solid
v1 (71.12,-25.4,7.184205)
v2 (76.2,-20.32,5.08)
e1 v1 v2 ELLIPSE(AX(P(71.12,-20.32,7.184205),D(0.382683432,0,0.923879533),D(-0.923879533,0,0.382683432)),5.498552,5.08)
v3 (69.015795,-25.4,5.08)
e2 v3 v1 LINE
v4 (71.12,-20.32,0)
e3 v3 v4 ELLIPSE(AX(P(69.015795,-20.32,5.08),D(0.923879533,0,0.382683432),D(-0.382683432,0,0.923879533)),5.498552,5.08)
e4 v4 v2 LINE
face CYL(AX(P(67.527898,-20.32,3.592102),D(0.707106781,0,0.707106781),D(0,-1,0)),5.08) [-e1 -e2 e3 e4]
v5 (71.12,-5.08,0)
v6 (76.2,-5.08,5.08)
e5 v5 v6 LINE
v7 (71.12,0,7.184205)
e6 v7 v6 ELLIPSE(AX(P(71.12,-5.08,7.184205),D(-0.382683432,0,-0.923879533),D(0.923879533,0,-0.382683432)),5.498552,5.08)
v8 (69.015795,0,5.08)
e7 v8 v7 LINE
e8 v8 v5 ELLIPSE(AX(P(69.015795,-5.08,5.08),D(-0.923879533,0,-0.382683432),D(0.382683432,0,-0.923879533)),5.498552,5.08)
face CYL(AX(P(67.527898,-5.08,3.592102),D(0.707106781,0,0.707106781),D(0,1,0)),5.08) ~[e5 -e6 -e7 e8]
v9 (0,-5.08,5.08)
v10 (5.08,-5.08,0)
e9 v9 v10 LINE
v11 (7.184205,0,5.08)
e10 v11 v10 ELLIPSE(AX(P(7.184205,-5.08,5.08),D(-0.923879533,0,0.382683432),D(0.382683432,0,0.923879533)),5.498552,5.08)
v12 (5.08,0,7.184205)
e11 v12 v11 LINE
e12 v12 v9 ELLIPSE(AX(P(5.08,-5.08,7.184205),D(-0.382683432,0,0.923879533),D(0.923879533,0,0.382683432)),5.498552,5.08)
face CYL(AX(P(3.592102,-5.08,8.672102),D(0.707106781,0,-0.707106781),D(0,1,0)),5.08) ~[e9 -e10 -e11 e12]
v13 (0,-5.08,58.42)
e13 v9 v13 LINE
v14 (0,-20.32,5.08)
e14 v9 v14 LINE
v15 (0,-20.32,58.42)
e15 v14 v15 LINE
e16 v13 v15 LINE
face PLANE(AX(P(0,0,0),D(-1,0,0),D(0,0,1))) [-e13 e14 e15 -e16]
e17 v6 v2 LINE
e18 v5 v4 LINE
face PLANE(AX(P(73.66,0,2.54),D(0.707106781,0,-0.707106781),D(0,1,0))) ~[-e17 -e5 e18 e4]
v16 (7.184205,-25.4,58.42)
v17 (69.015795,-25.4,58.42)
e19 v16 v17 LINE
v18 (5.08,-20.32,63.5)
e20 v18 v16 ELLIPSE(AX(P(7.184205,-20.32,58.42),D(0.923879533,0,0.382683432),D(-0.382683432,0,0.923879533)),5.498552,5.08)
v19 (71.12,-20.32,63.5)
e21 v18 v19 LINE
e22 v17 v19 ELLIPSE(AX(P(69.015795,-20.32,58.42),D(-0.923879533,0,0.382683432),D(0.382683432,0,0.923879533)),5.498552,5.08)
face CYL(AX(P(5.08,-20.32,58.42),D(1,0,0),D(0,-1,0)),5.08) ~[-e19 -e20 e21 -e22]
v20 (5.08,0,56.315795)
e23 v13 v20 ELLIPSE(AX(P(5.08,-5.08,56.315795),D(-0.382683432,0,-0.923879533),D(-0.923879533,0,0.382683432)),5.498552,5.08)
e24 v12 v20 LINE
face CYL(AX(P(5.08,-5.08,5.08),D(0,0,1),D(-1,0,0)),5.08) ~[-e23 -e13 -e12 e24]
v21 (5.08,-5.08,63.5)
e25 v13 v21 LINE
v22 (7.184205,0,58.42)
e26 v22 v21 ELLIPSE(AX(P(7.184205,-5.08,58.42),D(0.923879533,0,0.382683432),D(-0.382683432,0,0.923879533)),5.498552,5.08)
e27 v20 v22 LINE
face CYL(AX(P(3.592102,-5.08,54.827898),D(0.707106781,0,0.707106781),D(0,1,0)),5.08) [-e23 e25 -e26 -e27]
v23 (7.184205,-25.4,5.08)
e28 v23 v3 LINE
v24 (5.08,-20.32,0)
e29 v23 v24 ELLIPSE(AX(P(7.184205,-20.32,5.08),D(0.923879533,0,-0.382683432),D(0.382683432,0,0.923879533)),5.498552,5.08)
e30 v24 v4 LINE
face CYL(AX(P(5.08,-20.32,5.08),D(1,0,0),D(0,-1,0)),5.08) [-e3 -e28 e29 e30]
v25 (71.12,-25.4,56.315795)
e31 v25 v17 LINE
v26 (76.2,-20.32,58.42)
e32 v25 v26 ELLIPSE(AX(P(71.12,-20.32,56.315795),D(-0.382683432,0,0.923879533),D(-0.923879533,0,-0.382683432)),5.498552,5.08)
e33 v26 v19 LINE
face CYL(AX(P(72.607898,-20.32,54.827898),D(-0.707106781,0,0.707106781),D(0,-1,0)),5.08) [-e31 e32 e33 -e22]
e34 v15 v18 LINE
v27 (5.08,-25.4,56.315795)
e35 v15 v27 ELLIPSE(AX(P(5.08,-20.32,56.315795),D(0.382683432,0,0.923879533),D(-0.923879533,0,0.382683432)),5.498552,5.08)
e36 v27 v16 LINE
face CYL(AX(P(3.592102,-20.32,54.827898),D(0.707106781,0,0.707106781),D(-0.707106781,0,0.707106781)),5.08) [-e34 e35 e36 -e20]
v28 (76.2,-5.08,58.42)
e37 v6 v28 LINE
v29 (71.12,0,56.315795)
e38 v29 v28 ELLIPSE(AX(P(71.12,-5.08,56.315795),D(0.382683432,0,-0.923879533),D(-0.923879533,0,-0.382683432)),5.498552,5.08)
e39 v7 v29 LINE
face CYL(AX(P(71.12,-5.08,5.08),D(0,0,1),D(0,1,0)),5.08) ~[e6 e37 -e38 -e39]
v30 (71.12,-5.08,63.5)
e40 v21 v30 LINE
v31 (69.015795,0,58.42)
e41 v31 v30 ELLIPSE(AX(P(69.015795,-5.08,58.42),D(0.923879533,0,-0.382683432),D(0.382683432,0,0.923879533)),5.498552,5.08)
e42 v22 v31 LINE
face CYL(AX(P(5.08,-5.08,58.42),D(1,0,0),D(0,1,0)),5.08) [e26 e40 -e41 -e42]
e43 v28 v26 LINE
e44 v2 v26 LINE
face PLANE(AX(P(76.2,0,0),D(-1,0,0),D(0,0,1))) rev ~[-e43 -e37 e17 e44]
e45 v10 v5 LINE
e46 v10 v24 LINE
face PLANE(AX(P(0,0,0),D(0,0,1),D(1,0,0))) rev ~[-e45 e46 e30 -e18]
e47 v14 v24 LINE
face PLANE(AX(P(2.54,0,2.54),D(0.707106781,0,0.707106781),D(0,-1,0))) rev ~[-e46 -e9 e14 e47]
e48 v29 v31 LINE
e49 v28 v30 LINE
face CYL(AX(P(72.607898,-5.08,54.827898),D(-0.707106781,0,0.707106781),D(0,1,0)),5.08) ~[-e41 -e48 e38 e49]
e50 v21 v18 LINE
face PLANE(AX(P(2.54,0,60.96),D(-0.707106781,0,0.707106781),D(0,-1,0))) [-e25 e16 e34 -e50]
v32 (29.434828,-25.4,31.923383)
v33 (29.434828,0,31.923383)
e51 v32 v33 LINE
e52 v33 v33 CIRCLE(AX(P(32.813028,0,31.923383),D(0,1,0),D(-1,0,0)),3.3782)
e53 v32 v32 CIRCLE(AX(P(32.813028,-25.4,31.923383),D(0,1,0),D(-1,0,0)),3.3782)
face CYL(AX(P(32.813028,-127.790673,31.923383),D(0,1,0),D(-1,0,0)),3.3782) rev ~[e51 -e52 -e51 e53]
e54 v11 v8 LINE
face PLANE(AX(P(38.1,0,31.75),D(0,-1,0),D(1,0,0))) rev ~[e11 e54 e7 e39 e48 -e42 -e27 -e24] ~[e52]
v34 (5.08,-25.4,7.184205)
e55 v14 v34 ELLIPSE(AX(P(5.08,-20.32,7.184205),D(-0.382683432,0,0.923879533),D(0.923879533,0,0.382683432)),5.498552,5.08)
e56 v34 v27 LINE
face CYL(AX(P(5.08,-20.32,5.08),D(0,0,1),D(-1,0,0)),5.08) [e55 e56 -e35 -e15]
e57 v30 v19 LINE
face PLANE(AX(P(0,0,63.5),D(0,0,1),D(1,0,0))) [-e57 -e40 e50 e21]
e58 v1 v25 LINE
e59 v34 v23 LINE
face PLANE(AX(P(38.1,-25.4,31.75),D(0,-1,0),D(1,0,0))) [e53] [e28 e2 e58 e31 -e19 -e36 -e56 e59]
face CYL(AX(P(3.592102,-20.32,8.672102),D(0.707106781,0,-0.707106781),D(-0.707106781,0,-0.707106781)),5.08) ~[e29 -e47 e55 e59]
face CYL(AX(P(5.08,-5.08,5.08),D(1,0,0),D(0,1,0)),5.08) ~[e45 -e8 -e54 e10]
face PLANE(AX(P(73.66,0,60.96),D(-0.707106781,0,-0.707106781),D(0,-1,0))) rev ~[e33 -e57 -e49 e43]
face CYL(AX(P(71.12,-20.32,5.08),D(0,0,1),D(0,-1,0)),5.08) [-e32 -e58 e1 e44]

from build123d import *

# Parameters (mm, degrees)
F0_W     = 76.2
F0_H     = 63.5
F1_DEPTH = 25.4
F2_SIZE  = 5.08
F3_R     = 5.08
F5_D     = 6.7564


with BuildPart() as f1:
    # F0 (on Front) → F1 (new body)
    with BuildSketch(Plane.XZ):
        with Locations((38.1, 31.75)):
            Rectangle(F0_W, F0_H)
    extrude(amount=F1_DEPTH)

    # F2
    f2_edges = [f1.edges().sort_by_distance(p)[0] for p in [
        (0, -12.7, 63.5),
        (76.2, -12.7, 63.5),
        (76.2, -12.7, 0),
        (0, -12.7, 0),
    ]]
    chamfer(f2_edges, length=F2_SIZE)

    # F3
    f3_edges = [f1.edges().sort_by_distance(p)[0] for p in [
        (0, -25.4, 31.75),
        (2.54, -25.4, 60.96),
        (38.1, -25.4, 63.5),
        (73.66, -25.4, 60.96),
        (76.2, -25.4, 31.75),
        (73.66, -25.4, 2.54),
        (38.1, -25.4, 0),
        (2.54, -25.4, 2.54),
        (38.1, 0, 0),
        (2.54, 0, 2.54),
        (0, 0, 31.75),
        (2.54, 0, 60.96),
        (38.1, 0, 63.5),
        (73.66, 0, 60.96),
        (73.66, 0, 2.54),
        (76.2, 0, 31.75),
    ]]
    fillet(f3_edges, radius=F3_R)

    # F5 (through all)
    with Locations(Plane.XZ.offset(25.4)):
        with Locations((32.8130275011, 31.9233834743)):
            Hole(F5_D / 2)


solid = f1.part
